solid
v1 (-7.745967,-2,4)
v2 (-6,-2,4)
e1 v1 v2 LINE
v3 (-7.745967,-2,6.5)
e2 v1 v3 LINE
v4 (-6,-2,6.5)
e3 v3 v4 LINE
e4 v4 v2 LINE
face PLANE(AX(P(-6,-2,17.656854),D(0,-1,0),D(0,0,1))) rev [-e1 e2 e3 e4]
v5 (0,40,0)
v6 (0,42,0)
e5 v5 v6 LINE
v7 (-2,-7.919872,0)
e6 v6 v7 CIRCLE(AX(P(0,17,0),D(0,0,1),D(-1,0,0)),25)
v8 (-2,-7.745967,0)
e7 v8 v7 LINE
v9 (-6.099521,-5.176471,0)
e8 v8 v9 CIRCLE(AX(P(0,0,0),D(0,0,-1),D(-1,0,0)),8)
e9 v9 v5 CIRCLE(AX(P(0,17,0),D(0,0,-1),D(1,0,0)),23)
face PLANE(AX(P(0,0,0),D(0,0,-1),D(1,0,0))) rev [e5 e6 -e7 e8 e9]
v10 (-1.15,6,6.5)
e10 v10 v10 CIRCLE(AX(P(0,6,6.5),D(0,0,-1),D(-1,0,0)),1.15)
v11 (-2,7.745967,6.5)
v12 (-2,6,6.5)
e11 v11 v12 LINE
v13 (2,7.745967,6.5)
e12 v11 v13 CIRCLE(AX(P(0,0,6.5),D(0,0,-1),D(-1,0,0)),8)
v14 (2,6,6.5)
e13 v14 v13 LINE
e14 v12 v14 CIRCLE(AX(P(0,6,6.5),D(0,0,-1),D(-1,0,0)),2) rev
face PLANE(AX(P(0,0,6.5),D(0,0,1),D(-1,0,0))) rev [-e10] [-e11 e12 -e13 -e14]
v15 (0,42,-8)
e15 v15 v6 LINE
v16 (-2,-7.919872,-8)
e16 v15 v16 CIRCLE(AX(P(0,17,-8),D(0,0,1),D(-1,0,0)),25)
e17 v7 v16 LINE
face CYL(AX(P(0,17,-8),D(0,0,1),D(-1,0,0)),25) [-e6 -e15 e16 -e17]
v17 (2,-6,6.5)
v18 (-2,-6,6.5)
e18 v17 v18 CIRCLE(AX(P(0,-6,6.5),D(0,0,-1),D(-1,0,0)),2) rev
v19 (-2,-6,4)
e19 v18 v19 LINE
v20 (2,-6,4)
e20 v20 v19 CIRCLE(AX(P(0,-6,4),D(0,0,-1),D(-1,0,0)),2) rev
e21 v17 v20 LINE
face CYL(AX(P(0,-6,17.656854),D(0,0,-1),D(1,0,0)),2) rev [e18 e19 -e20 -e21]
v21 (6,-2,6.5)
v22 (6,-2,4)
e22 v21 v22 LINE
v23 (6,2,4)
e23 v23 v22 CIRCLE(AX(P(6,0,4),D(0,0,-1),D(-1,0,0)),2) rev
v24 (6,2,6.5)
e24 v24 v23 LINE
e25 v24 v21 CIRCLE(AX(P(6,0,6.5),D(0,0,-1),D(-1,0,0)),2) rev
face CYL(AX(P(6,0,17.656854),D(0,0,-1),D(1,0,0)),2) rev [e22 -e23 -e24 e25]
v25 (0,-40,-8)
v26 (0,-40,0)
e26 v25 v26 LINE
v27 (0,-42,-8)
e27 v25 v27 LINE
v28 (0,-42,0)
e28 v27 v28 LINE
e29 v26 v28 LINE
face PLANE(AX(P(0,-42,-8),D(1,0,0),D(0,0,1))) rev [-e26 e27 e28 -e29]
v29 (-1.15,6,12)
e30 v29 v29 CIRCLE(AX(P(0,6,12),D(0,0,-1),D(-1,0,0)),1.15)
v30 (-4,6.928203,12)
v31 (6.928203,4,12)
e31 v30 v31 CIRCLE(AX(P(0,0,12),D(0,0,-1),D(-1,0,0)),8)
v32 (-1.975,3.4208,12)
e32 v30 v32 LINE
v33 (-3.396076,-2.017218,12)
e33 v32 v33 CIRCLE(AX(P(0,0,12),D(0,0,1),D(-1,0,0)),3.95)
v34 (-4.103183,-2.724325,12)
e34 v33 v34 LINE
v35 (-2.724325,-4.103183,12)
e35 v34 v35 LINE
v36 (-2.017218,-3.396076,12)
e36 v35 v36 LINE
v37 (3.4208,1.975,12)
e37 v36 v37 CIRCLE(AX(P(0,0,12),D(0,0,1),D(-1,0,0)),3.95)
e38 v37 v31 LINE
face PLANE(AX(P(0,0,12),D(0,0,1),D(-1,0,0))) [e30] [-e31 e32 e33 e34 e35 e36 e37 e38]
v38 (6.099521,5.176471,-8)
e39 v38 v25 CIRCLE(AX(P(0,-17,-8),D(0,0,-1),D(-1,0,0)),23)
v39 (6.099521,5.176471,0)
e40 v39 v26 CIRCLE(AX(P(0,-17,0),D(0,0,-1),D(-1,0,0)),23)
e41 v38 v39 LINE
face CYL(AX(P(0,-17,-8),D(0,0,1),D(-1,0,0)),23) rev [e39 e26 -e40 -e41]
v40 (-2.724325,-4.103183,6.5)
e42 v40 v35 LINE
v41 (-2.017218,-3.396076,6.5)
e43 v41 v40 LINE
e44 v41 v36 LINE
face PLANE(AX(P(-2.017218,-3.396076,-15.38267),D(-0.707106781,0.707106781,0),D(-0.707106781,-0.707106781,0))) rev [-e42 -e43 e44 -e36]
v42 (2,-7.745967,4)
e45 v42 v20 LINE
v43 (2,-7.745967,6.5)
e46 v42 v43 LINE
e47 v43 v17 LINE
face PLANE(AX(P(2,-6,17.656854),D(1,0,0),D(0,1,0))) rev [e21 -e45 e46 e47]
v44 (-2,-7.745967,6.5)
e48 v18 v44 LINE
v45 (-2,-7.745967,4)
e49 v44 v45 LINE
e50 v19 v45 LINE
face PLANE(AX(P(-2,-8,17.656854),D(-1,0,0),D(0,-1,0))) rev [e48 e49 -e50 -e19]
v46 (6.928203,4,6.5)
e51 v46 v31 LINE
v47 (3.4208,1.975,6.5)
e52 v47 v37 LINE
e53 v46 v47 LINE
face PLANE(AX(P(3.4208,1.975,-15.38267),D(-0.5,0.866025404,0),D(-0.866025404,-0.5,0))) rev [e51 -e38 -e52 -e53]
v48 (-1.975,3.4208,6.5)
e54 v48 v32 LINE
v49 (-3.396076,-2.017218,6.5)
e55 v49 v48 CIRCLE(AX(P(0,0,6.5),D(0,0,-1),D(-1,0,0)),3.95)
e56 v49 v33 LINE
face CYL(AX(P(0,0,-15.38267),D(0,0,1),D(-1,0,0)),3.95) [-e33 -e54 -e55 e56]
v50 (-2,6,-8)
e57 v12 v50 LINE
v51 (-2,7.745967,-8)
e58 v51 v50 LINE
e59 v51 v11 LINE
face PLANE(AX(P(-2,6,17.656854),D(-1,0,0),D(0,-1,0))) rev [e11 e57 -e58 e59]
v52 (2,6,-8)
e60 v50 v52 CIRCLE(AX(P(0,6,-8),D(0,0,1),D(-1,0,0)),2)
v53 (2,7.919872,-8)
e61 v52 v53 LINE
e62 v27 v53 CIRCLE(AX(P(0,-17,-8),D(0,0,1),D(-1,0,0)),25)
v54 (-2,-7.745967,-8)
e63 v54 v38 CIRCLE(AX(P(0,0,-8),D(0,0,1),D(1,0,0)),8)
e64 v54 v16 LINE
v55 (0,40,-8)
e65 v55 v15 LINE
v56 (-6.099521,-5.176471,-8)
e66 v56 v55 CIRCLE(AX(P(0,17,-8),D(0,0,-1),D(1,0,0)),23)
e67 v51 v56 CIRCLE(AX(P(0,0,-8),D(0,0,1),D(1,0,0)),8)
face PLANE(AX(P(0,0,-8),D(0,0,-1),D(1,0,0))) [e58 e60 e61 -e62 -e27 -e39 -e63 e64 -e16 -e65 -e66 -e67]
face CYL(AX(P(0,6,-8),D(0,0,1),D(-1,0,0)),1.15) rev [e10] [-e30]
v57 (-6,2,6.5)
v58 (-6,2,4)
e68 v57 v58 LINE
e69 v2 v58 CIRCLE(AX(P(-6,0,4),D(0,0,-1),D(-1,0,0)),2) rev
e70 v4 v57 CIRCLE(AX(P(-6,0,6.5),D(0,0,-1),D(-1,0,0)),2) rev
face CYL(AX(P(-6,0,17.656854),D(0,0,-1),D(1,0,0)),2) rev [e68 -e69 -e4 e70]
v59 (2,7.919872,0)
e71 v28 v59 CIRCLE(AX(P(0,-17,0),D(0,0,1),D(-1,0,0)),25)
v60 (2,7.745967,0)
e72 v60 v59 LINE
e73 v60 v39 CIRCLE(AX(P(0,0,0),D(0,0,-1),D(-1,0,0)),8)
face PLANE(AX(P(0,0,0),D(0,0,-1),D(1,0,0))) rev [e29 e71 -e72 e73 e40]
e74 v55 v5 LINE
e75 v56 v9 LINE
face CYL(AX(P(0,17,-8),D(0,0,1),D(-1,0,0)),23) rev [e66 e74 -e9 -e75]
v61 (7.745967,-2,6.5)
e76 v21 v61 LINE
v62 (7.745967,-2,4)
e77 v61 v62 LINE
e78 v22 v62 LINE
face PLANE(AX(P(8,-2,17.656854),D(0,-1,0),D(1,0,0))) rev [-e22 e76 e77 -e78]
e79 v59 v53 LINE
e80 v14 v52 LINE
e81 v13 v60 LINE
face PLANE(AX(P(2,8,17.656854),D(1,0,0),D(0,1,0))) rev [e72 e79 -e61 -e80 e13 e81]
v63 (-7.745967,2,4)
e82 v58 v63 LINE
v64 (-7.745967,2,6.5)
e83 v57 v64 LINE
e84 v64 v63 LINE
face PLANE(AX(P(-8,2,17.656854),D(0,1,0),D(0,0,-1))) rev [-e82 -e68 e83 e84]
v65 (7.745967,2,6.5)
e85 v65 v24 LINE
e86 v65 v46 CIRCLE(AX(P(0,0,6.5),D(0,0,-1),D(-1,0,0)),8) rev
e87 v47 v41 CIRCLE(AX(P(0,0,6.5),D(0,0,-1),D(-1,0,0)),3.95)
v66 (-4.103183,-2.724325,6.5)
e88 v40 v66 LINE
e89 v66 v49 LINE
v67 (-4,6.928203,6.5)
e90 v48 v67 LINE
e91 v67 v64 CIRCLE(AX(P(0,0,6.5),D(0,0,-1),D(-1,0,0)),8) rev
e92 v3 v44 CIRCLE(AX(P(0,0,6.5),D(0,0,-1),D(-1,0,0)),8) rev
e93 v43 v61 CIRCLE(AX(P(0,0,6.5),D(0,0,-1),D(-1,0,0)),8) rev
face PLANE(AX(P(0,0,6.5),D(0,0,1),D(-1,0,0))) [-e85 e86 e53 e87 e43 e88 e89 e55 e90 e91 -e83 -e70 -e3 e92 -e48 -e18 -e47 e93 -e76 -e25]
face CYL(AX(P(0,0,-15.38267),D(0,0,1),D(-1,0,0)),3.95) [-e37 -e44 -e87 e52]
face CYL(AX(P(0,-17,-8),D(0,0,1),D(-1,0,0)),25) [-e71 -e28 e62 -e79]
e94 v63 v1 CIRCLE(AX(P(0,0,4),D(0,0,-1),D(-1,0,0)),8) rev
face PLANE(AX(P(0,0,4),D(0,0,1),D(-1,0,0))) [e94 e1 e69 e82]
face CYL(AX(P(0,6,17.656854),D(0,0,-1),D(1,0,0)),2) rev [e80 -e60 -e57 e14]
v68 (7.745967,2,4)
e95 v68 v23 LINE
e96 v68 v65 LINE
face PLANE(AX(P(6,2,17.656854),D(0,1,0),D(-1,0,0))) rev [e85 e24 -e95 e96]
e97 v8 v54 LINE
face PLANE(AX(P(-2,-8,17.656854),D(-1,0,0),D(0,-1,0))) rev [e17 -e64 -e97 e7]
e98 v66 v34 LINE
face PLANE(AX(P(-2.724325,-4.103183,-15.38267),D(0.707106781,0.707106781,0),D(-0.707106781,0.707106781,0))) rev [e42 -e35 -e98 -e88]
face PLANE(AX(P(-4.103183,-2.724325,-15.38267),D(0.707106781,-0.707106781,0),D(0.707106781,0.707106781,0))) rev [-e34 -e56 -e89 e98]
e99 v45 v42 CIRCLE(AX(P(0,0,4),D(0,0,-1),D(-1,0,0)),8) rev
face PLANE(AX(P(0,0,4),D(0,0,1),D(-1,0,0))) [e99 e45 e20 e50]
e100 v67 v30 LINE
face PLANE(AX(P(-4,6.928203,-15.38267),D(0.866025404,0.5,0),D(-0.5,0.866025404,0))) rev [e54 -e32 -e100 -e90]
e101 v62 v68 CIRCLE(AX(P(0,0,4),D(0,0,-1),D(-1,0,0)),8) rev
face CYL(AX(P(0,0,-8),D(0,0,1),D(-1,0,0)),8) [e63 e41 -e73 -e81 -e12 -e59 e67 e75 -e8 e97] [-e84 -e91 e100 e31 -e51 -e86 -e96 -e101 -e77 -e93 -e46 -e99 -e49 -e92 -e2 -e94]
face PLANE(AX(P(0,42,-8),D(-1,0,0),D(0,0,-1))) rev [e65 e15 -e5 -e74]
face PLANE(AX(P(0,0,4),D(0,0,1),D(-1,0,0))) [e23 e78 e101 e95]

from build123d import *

# Parameters (mm, degrees)
LEG_SKETCH_R      = 1.15
LEG_DEPTH         = 8
HUB_SKETCH_R      = 8
HUB_SKETCH_R_2    = 1.15
HUB_DEPTH         = 12
CLEARANCE_DEPTH   = 14.5
HUB_CUTOUT_DEPTH  = 5.5
COVER_BOLTS_DEPTH = 12


with BuildPart() as part:
    # Leg-Sketch → Leg (new body)
    with BuildSketch(Plane.XY):
        with BuildLine():
            Line((0, -42), (0, -40))
            ThreePointArc((0, -40), (22.793187837, -20.077432085), (6.099520657, 5.176470588))
            ThreePointArc((6.099520657, 5.176470588), (7.259881704, -3.360672202), (0, -8))
            ThreePointArc((0, -8), (-25, 17), (0, 42))
            Line((0, 42), (0, 40))
            ThreePointArc((0, 40), (-22.793187837, 20.077432085), (-6.099520657, -5.176470588))
            ThreePointArc((-6.099520657, -5.176470588), (-7.259881704, 3.360672202), (0, 8))
            ThreePointArc((0, 8), (25, -17), (0, -42))
        make_face()
        with Locations((0, 6)):
            Circle(LEG_SKETCH_R, mode=Mode.SUBTRACT)
        with Locations((-6, 0)):
            Circle(LEG_SKETCH_R, mode=Mode.SUBTRACT)
        with Locations((0, -6)):
            Circle(LEG_SKETCH_R, mode=Mode.SUBTRACT)
        with Locations((6, 0)):
            Circle(LEG_SKETCH_R, mode=Mode.SUBTRACT)
    extrude(amount=LEG_DEPTH)

    # Hub-Sketch → Hub (add)
    with BuildSketch(Plane(origin=(0, 0, 0), x_dir=(-1, 0, 0), z_dir=(0, 0, -1))):
        Circle(HUB_SKETCH_R)
        with Locations((0, 6)):
            Circle(HUB_SKETCH_R_2, mode=Mode.SUBTRACT)
        with Locations((-6, 0)):
            Circle(HUB_SKETCH_R_2, mode=Mode.SUBTRACT)
        with Locations((0, -6)):
            Circle(HUB_SKETCH_R_2, mode=Mode.SUBTRACT)
        with Locations((6, 0)):
            Circle(HUB_SKETCH_R_2, mode=Mode.SUBTRACT)
    extrude(amount=HUB_DEPTH)

    # Clearance-Sketch → Clearance (cut)
    with BuildSketch(Plane.XY.offset(8)):
        with BuildLine():
            Line((6, 2), (8, 2))
            Line((8, 2), (8, -2))
            Line((8, -2), (6, -2))
            ThreePointArc((6, -2), (4, 0), (6, 2))
        make_face()
        with BuildLine():
            Line((2, -6), (2, -8))
            Line((2, -8), (-2, -8))
            Line((-2, -8), (-2, -6))
            ThreePointArc((-2, -6), (0, -4), (2, -6))
        make_face()
        with BuildLine():
            Line((-6, -2), (-8, -2))
            Line((-8, -2), (-8, 2))
            Line((-8, 2), (-6, 2))
            ThreePointArc((-6, 2), (-4, 0), (-6, -2))
        make_face()
        with BuildLine():
            Line((-2, 6), (-2, 8))
            Line((-2, 8), (2, 8))
            Line((2, 8), (2, 6))
            ThreePointArc((2, 6), (0, 4), (-2, 6))
        make_face()
    extrude(amount=-CLEARANCE_DEPTH, mode=Mode.SUBTRACT)

    # Hub-Cutout-Sketch → Hub-Cutout (cut)
    with BuildSketch(Plane(origin=(0, 0, -12), x_dir=(-1, 0, 0), z_dir=(0, 0, -1))):
        with BuildLine():
            Line((-3.420800345, 1.975), (-6.92820323, 4))
            ThreePointArc((-6.92820323, 4), (2.070552361, -7.72740661), (4, 6.92820323))
            Line((4, 6.92820323), (1.975, 3.420800345))
            ThreePointArc((1.975, 3.420800345), (3.821665179, 0.998686766), (3.396076023, -2.017217799))
            Line((3.396076023, -2.017217799), (4.103182804, -2.72432458))
            Line((4.103182804, -2.72432458), (2.72432458, -4.103182804))
            Line((2.72432458, -4.103182804), (2.017217799, -3.396076023))
            ThreePointArc((2.017217799, -3.396076023), (-2.775720699, -2.810315747), (-3.420800345, 1.975))
        make_face()
    extrude(amount=-HUB_CUTOUT_DEPTH, mode=Mode.SUBTRACT)

    # Cover-Bolts-Sketch → Cover-Bolts (add)
    with BuildSketch(Plane.XY.offset(8)):
        with BuildLine():
            Line((5.656854249, 5.656854249), (0, 0))
            Line((0, 0), (-5.656854249, 5.656854249))
            ThreePointArc((-5.656854249, 5.656854249), (0, -8), (5.656854249, 5.656854249))
        make_face()
    extrude(amount=-COVER_BOLTS_DEPTH)


with BuildPart() as body_2:
    # Mirror 2: mirrored copy
    add(part.part.mirror(Plane.XY))


solid = body_2.part
